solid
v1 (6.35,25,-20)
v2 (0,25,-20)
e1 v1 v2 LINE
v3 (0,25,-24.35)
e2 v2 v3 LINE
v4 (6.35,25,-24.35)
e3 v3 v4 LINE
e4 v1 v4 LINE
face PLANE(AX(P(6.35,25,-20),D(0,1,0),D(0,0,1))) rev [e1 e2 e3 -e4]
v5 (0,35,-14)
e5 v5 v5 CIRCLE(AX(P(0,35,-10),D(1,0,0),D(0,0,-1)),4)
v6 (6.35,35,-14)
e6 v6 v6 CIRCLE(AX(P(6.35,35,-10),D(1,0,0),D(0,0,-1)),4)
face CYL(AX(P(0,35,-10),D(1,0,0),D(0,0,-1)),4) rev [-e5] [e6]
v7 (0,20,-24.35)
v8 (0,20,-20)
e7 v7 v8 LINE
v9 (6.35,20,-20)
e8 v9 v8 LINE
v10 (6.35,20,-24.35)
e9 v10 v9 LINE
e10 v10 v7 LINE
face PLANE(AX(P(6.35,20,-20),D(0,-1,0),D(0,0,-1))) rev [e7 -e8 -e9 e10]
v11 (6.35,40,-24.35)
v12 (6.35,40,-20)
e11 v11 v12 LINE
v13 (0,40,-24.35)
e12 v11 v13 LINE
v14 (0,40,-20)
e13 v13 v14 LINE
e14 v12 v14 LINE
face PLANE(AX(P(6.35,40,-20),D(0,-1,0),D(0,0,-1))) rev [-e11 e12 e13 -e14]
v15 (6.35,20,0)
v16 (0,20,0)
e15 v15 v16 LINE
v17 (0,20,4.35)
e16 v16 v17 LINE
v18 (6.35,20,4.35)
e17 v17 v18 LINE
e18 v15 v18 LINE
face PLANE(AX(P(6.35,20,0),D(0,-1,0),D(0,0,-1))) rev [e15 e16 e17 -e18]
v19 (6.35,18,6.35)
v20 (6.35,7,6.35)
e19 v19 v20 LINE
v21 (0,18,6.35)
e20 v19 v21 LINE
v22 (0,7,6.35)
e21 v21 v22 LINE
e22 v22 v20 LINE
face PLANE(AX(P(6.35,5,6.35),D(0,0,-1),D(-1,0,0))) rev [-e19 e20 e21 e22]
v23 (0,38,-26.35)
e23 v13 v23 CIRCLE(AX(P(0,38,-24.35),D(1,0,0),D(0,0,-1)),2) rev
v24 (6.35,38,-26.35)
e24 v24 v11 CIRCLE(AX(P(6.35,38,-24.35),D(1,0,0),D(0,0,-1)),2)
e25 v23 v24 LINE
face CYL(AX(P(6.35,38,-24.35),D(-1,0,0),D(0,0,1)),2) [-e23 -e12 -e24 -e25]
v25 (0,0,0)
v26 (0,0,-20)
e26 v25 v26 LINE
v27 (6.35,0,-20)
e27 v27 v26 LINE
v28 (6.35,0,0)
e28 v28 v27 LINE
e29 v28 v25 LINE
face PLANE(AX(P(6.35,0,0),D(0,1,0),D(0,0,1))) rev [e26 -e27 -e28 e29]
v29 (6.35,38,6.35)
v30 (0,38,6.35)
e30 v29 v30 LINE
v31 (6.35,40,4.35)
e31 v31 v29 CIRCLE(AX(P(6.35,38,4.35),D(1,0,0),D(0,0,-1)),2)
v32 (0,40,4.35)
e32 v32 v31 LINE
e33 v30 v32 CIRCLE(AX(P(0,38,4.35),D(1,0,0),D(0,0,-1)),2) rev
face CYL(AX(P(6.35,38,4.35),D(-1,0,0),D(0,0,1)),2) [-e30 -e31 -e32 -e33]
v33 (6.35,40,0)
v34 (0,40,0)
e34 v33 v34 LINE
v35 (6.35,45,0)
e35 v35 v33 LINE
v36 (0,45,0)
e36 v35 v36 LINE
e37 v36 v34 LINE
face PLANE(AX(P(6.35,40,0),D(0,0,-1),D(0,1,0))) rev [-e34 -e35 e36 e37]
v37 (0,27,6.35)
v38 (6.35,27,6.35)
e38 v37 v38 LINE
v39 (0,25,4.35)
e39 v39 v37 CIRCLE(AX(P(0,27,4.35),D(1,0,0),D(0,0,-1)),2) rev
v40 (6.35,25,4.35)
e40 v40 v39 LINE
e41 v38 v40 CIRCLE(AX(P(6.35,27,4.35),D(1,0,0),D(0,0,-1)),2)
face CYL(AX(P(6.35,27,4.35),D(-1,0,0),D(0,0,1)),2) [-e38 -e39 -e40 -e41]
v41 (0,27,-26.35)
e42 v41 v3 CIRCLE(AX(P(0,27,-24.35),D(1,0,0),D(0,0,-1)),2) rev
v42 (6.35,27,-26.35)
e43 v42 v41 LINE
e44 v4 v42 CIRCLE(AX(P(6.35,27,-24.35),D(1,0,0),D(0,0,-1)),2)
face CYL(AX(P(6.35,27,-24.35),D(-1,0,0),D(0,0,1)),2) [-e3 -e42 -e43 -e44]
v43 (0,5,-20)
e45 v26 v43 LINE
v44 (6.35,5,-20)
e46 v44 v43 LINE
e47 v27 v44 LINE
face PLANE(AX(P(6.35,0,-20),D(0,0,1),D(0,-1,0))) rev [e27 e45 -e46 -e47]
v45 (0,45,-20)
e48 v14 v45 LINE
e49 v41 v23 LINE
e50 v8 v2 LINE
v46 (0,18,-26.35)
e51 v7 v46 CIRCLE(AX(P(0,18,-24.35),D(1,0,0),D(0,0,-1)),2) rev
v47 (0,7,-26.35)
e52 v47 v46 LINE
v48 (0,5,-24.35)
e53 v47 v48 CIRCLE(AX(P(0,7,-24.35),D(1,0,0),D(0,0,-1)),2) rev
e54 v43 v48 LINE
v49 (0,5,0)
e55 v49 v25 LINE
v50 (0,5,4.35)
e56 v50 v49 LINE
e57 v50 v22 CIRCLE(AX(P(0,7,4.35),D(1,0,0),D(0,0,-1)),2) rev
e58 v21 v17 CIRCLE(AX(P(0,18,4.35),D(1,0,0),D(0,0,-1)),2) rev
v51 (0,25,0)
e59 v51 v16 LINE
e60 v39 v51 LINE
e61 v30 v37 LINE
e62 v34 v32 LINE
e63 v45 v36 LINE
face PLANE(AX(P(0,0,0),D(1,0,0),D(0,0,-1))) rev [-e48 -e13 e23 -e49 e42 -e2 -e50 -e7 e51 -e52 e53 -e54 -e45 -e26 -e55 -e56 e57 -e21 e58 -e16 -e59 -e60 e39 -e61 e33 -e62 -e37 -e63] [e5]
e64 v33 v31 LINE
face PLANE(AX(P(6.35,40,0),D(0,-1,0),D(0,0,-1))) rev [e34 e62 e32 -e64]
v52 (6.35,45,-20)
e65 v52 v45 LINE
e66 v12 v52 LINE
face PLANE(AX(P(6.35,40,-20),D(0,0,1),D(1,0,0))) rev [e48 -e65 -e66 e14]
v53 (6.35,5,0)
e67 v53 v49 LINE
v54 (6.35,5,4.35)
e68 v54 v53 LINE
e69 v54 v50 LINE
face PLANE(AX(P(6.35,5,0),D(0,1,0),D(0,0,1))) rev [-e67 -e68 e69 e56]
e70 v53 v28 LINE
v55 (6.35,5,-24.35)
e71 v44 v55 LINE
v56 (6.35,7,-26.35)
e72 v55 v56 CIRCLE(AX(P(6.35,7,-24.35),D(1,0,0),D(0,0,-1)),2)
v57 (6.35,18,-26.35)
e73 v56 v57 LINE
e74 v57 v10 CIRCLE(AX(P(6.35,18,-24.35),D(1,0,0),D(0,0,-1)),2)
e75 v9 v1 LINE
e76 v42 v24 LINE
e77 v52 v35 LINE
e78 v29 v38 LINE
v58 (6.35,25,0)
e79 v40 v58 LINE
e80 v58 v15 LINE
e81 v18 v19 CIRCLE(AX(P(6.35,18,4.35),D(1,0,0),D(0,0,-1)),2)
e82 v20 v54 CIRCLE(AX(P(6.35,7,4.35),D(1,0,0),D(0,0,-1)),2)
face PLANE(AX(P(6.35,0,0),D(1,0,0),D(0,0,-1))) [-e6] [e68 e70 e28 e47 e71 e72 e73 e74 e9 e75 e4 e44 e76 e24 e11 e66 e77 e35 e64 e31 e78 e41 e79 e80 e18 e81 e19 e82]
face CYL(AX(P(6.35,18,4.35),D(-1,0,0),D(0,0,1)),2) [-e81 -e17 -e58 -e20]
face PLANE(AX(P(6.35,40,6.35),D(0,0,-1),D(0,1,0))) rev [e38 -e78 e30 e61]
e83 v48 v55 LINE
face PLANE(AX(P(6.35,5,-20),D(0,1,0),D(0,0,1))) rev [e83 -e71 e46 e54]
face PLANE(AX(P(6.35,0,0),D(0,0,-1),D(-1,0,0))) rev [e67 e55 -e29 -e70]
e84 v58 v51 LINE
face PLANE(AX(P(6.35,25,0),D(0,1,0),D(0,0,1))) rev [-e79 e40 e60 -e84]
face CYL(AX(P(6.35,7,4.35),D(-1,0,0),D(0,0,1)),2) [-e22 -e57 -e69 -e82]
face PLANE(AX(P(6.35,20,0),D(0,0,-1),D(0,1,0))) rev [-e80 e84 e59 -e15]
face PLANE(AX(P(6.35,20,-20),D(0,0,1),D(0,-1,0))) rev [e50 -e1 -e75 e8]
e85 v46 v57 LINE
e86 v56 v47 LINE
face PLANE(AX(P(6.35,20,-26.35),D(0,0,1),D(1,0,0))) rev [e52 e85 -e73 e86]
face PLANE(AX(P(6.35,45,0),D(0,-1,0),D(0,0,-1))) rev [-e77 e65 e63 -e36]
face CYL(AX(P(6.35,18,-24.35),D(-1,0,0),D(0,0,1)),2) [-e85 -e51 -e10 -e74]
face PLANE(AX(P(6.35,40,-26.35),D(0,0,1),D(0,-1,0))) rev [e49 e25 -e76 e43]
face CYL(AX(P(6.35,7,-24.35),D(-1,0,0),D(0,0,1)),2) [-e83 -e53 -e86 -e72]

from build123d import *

# Parameters (mm, degrees)
BOSS_EXTRUDE1_DEPTH = 6.35
FILLET1_R           = 2
SKETCH2_R           = 4
CUT_EXTRUDE1_DEPTH  = 53.532323383


with BuildPart() as part:
    # Sketch1 → Boss-Extrude1 (new body)
    with BuildSketch(Plane(origin=(0, 0, 0), x_dir=(0, 0, -1), z_dir=(1, 0, 0))):
        Polygon((0, 40), (0, 45), (20, 45), (20, 40), (26.35, 40), (26.35, 25), (20, 25), (20, 20), (26.35, 20), (26.35, 5), (20, 5), (20, 0), (0, 0), (0, 5), (-6.35, 5), (-6.35, 20), (0, 20), (0, 25), (-6.35, 25), (-6.35, 40), align=None)
    extrude(amount=BOSS_EXTRUDE1_DEPTH)

    # Fillet1
    fillet1_edges = [part.edges().sort_by_distance(p)[0] for p in [
        (3.175, 5, 6.35),
        (3.175, 20, 6.35),
        (3.175, 25, 6.35),
        (3.175, 40, 6.35),
        (3.175, 40, -26.35),
        (3.175, 25, -26.35),
        (3.175, 20, -26.35),
        (3.175, 5, -26.35),
    ]]
    fillet(fillet1_edges, radius=FILLET1_R)

    # Sketch2 → Cut-Extrude1 (cut, through all)
    with BuildSketch(Plane(origin=(6.35, 0, 0), x_dir=(0, 0, -1), z_dir=(1, 0, 0))):
        with Locations((10, 35)):
            Circle(SKETCH2_R)
    extrude(amount=-CUT_EXTRUDE1_DEPTH, mode=Mode.SUBTRACT)


solid = part.part
